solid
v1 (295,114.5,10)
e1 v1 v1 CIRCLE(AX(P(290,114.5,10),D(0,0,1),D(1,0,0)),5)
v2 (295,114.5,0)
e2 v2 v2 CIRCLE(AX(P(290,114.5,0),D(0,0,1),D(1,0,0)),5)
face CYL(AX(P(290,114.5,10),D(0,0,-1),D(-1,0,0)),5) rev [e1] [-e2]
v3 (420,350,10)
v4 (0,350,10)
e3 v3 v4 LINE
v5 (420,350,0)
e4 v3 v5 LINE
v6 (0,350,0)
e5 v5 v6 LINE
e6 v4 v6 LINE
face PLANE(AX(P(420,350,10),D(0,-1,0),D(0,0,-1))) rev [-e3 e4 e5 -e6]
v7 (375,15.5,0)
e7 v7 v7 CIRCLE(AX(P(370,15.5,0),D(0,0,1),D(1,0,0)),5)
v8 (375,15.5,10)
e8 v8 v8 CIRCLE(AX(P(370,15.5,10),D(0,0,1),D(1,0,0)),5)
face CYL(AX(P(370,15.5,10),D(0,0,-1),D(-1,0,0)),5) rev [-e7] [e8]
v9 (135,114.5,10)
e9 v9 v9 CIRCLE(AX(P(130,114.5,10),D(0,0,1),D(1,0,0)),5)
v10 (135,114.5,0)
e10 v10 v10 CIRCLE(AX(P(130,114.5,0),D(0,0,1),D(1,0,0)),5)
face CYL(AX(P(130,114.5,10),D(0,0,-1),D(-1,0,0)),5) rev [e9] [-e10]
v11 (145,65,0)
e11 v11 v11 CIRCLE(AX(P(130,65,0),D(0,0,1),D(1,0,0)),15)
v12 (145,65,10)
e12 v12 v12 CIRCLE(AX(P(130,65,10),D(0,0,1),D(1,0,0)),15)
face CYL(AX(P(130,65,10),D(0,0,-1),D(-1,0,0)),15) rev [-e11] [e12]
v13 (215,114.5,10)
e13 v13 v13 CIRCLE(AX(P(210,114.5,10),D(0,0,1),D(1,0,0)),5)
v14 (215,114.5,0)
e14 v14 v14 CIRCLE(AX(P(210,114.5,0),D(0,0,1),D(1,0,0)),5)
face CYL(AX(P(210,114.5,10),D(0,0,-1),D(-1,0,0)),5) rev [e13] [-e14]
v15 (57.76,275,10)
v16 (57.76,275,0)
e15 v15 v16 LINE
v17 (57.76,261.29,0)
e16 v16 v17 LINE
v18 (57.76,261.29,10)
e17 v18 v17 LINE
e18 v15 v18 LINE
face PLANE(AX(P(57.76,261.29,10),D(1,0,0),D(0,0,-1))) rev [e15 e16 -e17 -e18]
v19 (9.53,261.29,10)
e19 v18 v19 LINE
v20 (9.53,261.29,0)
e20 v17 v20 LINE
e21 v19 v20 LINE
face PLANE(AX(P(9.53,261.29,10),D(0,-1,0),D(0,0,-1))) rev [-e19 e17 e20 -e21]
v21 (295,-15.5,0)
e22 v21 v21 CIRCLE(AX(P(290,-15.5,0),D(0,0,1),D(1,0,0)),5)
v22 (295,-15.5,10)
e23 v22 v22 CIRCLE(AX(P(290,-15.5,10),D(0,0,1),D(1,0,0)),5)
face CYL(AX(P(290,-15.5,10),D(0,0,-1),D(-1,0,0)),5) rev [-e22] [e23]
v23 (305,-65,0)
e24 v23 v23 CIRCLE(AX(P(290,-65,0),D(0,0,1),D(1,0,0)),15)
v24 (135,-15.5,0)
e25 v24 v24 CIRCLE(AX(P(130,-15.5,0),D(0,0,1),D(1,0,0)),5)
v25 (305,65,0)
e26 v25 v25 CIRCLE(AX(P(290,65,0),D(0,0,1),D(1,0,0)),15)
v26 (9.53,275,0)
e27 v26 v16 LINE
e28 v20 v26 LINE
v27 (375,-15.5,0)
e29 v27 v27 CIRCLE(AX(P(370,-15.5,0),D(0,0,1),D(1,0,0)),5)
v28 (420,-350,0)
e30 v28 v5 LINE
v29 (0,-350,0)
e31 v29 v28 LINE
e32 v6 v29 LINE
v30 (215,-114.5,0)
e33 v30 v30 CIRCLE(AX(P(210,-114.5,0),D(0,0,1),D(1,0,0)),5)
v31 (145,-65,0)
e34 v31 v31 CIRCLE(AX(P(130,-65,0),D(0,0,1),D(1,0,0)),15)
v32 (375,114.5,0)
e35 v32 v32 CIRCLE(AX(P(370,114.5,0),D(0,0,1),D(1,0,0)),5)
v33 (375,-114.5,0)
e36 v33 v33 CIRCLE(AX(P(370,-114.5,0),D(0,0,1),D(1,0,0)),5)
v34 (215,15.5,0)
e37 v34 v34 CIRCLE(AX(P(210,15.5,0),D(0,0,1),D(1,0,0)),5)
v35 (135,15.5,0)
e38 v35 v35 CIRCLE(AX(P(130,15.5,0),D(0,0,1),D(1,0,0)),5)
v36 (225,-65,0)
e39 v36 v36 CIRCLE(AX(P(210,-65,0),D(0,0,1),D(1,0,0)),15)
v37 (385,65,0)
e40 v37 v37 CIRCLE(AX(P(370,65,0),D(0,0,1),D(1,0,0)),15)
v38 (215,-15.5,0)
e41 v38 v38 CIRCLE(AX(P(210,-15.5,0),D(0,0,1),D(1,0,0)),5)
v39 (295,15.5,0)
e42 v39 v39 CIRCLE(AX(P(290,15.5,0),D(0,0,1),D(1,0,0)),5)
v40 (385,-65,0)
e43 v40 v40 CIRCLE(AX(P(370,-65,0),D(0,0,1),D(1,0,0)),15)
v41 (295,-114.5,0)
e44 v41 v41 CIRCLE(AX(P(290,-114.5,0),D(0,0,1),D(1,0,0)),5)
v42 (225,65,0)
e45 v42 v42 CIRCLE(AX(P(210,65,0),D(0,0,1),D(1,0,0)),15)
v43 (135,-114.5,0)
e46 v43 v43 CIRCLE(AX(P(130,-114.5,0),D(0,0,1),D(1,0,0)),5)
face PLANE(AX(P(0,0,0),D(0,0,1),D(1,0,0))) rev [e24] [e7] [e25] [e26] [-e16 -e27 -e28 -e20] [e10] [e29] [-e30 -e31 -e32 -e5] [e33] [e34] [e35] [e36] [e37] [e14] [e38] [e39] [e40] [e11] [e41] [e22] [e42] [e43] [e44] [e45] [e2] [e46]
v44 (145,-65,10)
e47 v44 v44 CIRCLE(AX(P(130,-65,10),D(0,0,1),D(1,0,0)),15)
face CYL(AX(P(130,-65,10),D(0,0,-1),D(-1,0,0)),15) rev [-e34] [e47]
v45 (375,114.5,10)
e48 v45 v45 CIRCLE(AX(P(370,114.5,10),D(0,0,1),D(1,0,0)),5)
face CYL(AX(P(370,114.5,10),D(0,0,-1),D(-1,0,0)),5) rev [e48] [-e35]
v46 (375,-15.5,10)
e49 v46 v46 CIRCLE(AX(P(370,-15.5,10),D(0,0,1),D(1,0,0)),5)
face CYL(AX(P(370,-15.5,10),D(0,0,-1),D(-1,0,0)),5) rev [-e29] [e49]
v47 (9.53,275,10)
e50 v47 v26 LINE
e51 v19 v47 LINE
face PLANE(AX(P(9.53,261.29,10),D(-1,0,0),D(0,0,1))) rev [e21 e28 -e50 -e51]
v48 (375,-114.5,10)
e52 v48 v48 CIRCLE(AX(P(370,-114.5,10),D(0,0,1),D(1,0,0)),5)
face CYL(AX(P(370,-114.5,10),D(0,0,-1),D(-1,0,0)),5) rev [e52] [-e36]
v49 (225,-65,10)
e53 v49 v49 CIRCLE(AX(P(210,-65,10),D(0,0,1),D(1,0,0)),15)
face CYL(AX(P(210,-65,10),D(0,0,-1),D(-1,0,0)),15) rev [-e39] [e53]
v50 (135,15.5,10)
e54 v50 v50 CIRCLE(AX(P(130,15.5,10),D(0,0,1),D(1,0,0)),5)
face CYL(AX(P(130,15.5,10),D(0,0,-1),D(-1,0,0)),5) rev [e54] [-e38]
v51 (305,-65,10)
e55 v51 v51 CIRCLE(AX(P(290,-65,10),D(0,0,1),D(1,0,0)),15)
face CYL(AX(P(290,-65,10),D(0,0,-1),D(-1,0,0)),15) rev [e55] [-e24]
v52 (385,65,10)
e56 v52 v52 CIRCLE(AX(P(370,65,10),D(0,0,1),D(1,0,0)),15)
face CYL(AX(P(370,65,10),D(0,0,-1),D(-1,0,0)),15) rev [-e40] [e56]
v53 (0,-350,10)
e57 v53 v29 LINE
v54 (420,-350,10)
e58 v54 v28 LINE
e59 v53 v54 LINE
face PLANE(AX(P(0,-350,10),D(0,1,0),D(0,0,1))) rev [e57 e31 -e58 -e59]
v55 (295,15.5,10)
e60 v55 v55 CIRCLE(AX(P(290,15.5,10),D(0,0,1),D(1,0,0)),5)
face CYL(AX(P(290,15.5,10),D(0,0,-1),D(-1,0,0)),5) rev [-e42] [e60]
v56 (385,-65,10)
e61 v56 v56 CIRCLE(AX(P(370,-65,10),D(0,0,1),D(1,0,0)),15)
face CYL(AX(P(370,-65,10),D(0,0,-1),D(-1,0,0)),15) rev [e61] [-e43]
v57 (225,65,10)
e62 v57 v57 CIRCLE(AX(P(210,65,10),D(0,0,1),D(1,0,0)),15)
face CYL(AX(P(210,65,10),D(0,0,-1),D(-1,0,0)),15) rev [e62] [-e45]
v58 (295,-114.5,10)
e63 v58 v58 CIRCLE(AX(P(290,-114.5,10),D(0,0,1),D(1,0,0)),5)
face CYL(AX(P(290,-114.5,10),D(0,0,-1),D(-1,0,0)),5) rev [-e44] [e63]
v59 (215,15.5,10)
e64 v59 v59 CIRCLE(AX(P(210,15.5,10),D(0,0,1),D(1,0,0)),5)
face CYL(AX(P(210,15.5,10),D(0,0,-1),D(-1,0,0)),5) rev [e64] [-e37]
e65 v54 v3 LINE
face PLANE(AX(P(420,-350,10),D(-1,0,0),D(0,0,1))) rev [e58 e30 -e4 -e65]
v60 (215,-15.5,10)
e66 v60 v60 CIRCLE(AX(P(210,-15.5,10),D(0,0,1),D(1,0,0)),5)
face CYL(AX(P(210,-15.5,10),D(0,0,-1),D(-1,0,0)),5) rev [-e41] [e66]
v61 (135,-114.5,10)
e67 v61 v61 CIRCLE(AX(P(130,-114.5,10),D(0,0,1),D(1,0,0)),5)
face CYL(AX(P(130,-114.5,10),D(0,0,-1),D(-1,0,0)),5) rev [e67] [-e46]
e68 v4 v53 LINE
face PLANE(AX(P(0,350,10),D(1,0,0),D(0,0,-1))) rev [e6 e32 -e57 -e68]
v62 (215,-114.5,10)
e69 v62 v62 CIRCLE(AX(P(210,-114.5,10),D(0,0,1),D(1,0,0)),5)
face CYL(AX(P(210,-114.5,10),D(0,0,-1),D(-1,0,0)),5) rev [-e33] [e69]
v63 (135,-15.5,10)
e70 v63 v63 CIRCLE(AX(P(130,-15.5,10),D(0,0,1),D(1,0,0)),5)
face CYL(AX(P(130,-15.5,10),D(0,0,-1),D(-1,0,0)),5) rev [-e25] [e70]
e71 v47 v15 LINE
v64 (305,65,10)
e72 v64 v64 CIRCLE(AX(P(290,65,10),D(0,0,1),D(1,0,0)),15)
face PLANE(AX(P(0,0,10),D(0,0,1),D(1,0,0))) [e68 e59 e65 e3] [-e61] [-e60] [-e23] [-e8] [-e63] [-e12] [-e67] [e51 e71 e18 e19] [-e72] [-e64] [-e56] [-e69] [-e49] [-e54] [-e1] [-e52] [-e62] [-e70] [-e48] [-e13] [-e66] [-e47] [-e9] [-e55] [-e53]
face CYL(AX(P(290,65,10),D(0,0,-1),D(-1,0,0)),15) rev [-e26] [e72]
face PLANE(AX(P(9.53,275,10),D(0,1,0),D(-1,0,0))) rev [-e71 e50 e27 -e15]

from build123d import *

# Parameters (mm, degrees)
SKETCH_1_W          = 420
SKETCH_1_H          = 700
SKETCH_1_R          = 5
SKETCH_1_R_2        = 15
EXTRUDE_1_DEPTH     = 10
SKETCH_2_W          = 48.23
SKETCH_2_H          = 13.71
CUT_EXTRUDE_1_DEPTH = 10


with BuildPart() as part:
    # 草图1 → 凸台-拉伸1 (new body)
    with BuildSketch(Plane.XY):
        with Locations((210, 0)):
            Rectangle(SKETCH_1_W, SKETCH_1_H)
        with Locations((130, 114.5)):
            Circle(SKETCH_1_R, mode=Mode.SUBTRACT)
        with Locations((130, 15.5)):
            Circle(SKETCH_1_R, mode=Mode.SUBTRACT)
        with Locations((210, 114.5)):
            Circle(SKETCH_1_R, mode=Mode.SUBTRACT)
        with Locations((210, 15.5)):
            Circle(SKETCH_1_R, mode=Mode.SUBTRACT)
        with Locations((290, 114.5)):
            Circle(SKETCH_1_R, mode=Mode.SUBTRACT)
        with Locations((290, 15.5)):
            Circle(SKETCH_1_R, mode=Mode.SUBTRACT)
        with Locations((370, 114.5)):
            Circle(SKETCH_1_R, mode=Mode.SUBTRACT)
        with Locations((370, 15.5)):
            Circle(SKETCH_1_R, mode=Mode.SUBTRACT)
        with Locations((130, 65)):
            Circle(SKETCH_1_R_2, mode=Mode.SUBTRACT)
        with Locations((210, 65)):
            Circle(SKETCH_1_R_2, mode=Mode.SUBTRACT)
        with Locations((290, 65)):
            Circle(SKETCH_1_R_2, mode=Mode.SUBTRACT)
        with Locations((370, 65)):
            Circle(SKETCH_1_R_2, mode=Mode.SUBTRACT)
        with Locations((130, -114.5)):
            Circle(SKETCH_1_R, mode=Mode.SUBTRACT)
        with Locations((130, -15.5)):
            Circle(SKETCH_1_R, mode=Mode.SUBTRACT)
        with Locations((210, -114.5)):
            Circle(SKETCH_1_R, mode=Mode.SUBTRACT)
        with Locations((210, -15.5)):
            Circle(SKETCH_1_R, mode=Mode.SUBTRACT)
        with Locations((290, -114.5)):
            Circle(SKETCH_1_R, mode=Mode.SUBTRACT)
        with Locations((290, -15.5)):
            Circle(SKETCH_1_R, mode=Mode.SUBTRACT)
        with Locations((370, -114.5)):
            Circle(SKETCH_1_R, mode=Mode.SUBTRACT)
        with Locations((370, -15.5)):
            Circle(SKETCH_1_R, mode=Mode.SUBTRACT)
        with Locations((130, -65)):
            Circle(SKETCH_1_R_2, mode=Mode.SUBTRACT)
        with Locations((210, -65)):
            Circle(SKETCH_1_R_2, mode=Mode.SUBTRACT)
        with Locations((290, -65)):
            Circle(SKETCH_1_R_2, mode=Mode.SUBTRACT)
        with Locations((370, -65)):
            Circle(SKETCH_1_R_2, mode=Mode.SUBTRACT)
    extrude(amount=EXTRUDE_1_DEPTH)

    # 草图2 → 切除-拉伸1 (cut)
    with BuildSketch(Plane(origin=(0, 0, 0), x_dir=(-1, 0, 0), z_dir=(0, 0, -1))):
        with Locations((-33.645, 268.145)):
            Rectangle(SKETCH_2_W, SKETCH_2_H)
    extrude(amount=-CUT_EXTRUDE_1_DEPTH, mode=Mode.SUBTRACT)


solid = part.part
